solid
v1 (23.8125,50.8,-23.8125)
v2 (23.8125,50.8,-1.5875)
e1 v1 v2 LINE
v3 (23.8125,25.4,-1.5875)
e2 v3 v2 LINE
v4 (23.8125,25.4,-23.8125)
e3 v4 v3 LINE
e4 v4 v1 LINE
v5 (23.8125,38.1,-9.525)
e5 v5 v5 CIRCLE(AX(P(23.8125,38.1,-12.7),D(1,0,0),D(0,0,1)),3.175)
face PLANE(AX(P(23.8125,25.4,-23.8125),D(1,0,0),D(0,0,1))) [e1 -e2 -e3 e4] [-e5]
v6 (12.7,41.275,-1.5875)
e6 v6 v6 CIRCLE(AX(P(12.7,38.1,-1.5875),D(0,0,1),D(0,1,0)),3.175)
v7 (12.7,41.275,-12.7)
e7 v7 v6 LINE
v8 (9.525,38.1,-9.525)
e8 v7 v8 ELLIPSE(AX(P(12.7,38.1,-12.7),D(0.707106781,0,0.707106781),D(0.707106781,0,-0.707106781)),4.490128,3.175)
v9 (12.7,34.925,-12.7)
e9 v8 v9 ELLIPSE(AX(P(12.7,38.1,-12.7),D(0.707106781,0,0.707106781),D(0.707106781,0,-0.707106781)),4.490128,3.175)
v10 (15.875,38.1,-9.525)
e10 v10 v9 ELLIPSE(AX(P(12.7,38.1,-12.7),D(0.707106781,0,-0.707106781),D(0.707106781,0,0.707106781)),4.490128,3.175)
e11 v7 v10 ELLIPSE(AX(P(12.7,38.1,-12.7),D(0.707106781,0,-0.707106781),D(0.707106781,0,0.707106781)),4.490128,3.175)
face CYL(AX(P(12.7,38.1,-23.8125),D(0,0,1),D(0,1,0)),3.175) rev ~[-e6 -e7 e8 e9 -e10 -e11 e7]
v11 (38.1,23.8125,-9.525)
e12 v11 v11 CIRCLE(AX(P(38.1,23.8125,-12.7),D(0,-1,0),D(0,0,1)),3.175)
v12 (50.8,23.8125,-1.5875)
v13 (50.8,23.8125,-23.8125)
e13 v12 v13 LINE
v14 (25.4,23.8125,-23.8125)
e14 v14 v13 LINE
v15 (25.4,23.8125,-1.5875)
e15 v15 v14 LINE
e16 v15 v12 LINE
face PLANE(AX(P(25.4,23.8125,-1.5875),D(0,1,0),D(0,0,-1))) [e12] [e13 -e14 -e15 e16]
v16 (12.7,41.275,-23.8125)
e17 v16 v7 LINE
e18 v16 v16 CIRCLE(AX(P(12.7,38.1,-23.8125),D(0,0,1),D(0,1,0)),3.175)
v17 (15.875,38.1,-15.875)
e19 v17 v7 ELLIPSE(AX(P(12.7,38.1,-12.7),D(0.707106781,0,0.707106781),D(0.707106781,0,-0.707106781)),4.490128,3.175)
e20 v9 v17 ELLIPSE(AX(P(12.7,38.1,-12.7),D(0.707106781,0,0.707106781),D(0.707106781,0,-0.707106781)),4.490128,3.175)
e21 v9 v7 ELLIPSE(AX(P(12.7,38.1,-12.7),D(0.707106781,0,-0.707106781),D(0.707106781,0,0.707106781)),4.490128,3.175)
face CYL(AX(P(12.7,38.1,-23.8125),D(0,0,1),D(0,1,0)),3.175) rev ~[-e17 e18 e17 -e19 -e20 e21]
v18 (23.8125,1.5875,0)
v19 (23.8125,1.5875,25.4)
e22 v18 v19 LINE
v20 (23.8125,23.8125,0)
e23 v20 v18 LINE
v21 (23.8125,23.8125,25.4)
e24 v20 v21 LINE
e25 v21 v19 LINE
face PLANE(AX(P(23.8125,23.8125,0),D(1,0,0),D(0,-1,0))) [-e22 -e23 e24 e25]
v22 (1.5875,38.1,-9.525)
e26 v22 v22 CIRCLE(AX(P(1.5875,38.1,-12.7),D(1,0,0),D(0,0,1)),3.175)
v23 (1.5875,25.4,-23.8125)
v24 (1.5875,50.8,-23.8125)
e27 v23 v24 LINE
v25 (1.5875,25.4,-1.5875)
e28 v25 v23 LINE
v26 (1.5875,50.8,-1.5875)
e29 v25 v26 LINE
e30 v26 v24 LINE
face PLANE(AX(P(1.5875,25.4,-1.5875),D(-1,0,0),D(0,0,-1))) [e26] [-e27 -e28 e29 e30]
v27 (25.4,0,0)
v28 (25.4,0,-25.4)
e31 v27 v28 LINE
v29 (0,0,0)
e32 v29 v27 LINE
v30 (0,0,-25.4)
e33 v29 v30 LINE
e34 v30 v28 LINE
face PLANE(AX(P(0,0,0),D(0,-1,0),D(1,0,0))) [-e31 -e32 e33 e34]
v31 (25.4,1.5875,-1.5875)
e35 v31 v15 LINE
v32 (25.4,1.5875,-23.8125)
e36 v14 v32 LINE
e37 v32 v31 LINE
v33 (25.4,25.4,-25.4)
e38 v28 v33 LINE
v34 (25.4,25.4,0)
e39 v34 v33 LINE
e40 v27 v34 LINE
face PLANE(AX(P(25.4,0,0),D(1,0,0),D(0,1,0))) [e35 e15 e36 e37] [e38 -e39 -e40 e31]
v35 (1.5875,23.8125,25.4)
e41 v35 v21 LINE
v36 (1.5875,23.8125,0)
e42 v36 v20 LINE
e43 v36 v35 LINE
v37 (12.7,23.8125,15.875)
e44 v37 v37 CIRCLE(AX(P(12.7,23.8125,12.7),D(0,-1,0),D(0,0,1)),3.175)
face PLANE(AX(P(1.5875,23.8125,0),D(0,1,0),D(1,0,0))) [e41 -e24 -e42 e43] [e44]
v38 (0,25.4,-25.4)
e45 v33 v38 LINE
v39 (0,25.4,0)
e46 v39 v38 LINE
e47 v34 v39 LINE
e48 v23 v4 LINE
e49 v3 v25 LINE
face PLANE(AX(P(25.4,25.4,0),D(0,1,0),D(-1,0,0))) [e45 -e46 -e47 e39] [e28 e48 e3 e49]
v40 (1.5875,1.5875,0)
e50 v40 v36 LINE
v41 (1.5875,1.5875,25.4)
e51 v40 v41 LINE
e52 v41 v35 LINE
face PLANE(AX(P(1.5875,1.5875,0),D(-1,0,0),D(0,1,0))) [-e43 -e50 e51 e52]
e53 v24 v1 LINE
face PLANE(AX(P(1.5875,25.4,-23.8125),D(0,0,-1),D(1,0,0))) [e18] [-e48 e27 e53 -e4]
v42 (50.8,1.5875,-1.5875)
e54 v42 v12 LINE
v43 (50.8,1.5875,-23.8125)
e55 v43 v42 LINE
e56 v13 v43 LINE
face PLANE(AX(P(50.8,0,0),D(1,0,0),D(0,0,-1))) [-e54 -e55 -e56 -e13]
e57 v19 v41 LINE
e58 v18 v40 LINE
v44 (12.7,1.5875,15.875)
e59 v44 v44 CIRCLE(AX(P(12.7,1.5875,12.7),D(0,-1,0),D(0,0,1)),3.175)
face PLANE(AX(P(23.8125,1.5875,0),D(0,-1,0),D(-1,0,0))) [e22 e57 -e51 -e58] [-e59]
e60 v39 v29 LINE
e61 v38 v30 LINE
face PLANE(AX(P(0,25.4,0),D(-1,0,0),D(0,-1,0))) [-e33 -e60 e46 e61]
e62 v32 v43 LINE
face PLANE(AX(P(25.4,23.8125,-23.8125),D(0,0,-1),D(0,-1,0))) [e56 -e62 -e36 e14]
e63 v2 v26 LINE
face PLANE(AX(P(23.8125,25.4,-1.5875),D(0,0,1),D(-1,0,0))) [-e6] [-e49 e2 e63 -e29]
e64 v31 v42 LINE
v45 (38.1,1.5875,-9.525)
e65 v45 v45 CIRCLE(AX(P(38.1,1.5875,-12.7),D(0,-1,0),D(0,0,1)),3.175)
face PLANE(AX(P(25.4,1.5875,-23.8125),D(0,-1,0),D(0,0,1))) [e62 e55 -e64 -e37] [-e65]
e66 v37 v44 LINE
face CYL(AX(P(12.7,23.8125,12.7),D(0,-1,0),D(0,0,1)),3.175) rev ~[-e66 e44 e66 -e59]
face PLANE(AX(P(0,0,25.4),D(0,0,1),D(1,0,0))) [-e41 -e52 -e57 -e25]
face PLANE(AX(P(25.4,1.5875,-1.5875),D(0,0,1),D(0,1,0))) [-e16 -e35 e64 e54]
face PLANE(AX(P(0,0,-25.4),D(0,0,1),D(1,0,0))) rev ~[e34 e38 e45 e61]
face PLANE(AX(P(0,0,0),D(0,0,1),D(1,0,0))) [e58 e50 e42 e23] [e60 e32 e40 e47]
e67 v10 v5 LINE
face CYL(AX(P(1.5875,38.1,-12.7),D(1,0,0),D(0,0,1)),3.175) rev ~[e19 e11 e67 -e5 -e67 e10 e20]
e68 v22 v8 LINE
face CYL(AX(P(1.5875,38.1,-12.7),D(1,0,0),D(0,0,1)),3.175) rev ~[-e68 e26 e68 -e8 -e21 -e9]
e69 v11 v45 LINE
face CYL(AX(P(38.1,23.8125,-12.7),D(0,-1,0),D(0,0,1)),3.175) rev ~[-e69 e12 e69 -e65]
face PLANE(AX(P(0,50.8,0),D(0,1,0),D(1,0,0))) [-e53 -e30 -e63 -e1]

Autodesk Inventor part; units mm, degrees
ref_plane "YZ Plane" through (0, 0, 0) normal (1, 0, 0) x (0, 1, 0)
ref_plane "XZ Plane" through (0, 0, 0) normal (0, 1, 0) x (-1, 0, 0)
ref_plane "XY Plane" through (0, 0, 0) normal (0, 0, 1) x (1, 0, 0)
sketch "Sketch1" plane through (0, 0, 0) normal (0, 0, 1) x (1, 0, 0)
  line L0 (0, 0) -> (25.4, 0)
  line L1 (25.4, 0) -> (25.4, 25.4)
  line L2 (25.4, 25.4) -> (0, 25.4)
  line L3 (0, 25.4) -> (0, 0)
  line L4 (1.5875, 23.8125) -> (23.8125, 23.8125)
  line L5 (23.8125, 23.8125) -> (23.8125, 1.5875)
  line L6 (23.8125, 1.5875) -> (1.5875, 1.5875)
  line L7 (1.5875, 1.5875) -> (1.5875, 23.8125)
  dimension "d0" = 25.4
  dimension "d1" = 25.4
  dimension "d4" = 1.5875
extrude "Extrusion1" add sketch "Sketch1" against normal blind 25.4 contours L3 L2 L1 L0 | L4 L5 L6 L7
extrude "Extrusion2" add sketch "Sketch1" along normal blind 25.4 contours L4 L5 L6 L7
sketch "Sketch2" plane through (25.4, 0, 0) normal (1, 0, 0) x (0, 0, -1)
  line L0 (25.4, 0) -> (25.4, 25.4) projected
  line L1 (0, 25.4) -> (25.4, 25.4) projected
  line L2 (0, 0) -> (0, 25.4) projected
  line L3 (0, 0) -> (25.4, 0) projected
  line L4 (23.8125, 23.8125) -> (23.8125, 1.5875)
  line L5 (23.8125, 1.5875) -> (1.5875, 1.5875)
  line L6 (1.5875, 1.5875) -> (1.5875, 23.8125)
  line L7 (1.5875, 23.8125) -> (23.8125, 23.8125)
  dimension "d8" = 1.5875
sketch "Sketch3" plane through (0, 25.4, 0) normal (0, 1, 0) x (1, 0, 0)
  line L0 (25.4, 25.4) -> (0, 25.4) projected
  line L1 (0, 0) -> (0, 25.4) projected
  line L2 (25.4, 0) -> (0, 0) projected
  line L3 (25.4, 0) -> (25.4, 25.4) projected
  line L4 (1.5875, 23.8125) -> (23.8125, 23.8125)
  line L5 (23.8125, 23.8125) -> (23.8125, 1.5875)
  line L6 (23.8125, 1.5875) -> (1.5875, 1.5875)
  line L7 (1.5875, 1.5875) -> (1.5875, 23.8125)
  dimension "d9" = 1.5875
extrude "Extrusion3" add sketch "Sketch2" along normal blind 25.4 contours L4 L5 L6 L7
extrude "Extrusion4" add sketch "Sketch3" along normal blind 25.4 contours L4 L5 L6 L7
sketch "Sketch4" plane through (1.5875, 25.4, -23.8125) normal (-1, 0, 0) x (0, 0, 1)
  point P0 (23.8125, -25.4)
  point P1 (11.1125, 12.7)
hole "Hole1" at (1.5875, 38.1, -12.7) direction (1, 0, 0) diameter 6.35 depth 25.4 tip angle 118
sketch "Sketch5" plane through (23.8125, 25.4, -23.8125) normal (0, 0, -1) x (-1, 0, 0)
  point P0 (23.8125, -25.4)
  point P1 (11.1125, 12.7)
hole "Hole2" at (12.7, 38.1, -23.8125) direction (0, 0, 1) diameter 6.35 depth 25.4 tip angle 118
sketch "Sketch6" plane through (1.5875, 23.8125, 25.4) normal (0, 1, 0) x (1, 0, 0)
  line L0 (0, 25.4) -> (22.225, 25.4) projected
  line L1 (23.8125, 25.4) -> (23.8125, 50.8) projected
  point P0 (-1.5875, 25.4)
  point P1 (11.1125, 12.7)
  point P2 (36.5125, 38.1)
  dimension "d28" = 12.7
  dimension "d29" = 12.7
hole "Hole3" at (12.7, 23.8125, 12.7) at (38.1, 23.8125, -12.7) direction (0, -1, 0) diameter 6.35 depth 25.4 tip angle 118
properties part number "3-way corner"
